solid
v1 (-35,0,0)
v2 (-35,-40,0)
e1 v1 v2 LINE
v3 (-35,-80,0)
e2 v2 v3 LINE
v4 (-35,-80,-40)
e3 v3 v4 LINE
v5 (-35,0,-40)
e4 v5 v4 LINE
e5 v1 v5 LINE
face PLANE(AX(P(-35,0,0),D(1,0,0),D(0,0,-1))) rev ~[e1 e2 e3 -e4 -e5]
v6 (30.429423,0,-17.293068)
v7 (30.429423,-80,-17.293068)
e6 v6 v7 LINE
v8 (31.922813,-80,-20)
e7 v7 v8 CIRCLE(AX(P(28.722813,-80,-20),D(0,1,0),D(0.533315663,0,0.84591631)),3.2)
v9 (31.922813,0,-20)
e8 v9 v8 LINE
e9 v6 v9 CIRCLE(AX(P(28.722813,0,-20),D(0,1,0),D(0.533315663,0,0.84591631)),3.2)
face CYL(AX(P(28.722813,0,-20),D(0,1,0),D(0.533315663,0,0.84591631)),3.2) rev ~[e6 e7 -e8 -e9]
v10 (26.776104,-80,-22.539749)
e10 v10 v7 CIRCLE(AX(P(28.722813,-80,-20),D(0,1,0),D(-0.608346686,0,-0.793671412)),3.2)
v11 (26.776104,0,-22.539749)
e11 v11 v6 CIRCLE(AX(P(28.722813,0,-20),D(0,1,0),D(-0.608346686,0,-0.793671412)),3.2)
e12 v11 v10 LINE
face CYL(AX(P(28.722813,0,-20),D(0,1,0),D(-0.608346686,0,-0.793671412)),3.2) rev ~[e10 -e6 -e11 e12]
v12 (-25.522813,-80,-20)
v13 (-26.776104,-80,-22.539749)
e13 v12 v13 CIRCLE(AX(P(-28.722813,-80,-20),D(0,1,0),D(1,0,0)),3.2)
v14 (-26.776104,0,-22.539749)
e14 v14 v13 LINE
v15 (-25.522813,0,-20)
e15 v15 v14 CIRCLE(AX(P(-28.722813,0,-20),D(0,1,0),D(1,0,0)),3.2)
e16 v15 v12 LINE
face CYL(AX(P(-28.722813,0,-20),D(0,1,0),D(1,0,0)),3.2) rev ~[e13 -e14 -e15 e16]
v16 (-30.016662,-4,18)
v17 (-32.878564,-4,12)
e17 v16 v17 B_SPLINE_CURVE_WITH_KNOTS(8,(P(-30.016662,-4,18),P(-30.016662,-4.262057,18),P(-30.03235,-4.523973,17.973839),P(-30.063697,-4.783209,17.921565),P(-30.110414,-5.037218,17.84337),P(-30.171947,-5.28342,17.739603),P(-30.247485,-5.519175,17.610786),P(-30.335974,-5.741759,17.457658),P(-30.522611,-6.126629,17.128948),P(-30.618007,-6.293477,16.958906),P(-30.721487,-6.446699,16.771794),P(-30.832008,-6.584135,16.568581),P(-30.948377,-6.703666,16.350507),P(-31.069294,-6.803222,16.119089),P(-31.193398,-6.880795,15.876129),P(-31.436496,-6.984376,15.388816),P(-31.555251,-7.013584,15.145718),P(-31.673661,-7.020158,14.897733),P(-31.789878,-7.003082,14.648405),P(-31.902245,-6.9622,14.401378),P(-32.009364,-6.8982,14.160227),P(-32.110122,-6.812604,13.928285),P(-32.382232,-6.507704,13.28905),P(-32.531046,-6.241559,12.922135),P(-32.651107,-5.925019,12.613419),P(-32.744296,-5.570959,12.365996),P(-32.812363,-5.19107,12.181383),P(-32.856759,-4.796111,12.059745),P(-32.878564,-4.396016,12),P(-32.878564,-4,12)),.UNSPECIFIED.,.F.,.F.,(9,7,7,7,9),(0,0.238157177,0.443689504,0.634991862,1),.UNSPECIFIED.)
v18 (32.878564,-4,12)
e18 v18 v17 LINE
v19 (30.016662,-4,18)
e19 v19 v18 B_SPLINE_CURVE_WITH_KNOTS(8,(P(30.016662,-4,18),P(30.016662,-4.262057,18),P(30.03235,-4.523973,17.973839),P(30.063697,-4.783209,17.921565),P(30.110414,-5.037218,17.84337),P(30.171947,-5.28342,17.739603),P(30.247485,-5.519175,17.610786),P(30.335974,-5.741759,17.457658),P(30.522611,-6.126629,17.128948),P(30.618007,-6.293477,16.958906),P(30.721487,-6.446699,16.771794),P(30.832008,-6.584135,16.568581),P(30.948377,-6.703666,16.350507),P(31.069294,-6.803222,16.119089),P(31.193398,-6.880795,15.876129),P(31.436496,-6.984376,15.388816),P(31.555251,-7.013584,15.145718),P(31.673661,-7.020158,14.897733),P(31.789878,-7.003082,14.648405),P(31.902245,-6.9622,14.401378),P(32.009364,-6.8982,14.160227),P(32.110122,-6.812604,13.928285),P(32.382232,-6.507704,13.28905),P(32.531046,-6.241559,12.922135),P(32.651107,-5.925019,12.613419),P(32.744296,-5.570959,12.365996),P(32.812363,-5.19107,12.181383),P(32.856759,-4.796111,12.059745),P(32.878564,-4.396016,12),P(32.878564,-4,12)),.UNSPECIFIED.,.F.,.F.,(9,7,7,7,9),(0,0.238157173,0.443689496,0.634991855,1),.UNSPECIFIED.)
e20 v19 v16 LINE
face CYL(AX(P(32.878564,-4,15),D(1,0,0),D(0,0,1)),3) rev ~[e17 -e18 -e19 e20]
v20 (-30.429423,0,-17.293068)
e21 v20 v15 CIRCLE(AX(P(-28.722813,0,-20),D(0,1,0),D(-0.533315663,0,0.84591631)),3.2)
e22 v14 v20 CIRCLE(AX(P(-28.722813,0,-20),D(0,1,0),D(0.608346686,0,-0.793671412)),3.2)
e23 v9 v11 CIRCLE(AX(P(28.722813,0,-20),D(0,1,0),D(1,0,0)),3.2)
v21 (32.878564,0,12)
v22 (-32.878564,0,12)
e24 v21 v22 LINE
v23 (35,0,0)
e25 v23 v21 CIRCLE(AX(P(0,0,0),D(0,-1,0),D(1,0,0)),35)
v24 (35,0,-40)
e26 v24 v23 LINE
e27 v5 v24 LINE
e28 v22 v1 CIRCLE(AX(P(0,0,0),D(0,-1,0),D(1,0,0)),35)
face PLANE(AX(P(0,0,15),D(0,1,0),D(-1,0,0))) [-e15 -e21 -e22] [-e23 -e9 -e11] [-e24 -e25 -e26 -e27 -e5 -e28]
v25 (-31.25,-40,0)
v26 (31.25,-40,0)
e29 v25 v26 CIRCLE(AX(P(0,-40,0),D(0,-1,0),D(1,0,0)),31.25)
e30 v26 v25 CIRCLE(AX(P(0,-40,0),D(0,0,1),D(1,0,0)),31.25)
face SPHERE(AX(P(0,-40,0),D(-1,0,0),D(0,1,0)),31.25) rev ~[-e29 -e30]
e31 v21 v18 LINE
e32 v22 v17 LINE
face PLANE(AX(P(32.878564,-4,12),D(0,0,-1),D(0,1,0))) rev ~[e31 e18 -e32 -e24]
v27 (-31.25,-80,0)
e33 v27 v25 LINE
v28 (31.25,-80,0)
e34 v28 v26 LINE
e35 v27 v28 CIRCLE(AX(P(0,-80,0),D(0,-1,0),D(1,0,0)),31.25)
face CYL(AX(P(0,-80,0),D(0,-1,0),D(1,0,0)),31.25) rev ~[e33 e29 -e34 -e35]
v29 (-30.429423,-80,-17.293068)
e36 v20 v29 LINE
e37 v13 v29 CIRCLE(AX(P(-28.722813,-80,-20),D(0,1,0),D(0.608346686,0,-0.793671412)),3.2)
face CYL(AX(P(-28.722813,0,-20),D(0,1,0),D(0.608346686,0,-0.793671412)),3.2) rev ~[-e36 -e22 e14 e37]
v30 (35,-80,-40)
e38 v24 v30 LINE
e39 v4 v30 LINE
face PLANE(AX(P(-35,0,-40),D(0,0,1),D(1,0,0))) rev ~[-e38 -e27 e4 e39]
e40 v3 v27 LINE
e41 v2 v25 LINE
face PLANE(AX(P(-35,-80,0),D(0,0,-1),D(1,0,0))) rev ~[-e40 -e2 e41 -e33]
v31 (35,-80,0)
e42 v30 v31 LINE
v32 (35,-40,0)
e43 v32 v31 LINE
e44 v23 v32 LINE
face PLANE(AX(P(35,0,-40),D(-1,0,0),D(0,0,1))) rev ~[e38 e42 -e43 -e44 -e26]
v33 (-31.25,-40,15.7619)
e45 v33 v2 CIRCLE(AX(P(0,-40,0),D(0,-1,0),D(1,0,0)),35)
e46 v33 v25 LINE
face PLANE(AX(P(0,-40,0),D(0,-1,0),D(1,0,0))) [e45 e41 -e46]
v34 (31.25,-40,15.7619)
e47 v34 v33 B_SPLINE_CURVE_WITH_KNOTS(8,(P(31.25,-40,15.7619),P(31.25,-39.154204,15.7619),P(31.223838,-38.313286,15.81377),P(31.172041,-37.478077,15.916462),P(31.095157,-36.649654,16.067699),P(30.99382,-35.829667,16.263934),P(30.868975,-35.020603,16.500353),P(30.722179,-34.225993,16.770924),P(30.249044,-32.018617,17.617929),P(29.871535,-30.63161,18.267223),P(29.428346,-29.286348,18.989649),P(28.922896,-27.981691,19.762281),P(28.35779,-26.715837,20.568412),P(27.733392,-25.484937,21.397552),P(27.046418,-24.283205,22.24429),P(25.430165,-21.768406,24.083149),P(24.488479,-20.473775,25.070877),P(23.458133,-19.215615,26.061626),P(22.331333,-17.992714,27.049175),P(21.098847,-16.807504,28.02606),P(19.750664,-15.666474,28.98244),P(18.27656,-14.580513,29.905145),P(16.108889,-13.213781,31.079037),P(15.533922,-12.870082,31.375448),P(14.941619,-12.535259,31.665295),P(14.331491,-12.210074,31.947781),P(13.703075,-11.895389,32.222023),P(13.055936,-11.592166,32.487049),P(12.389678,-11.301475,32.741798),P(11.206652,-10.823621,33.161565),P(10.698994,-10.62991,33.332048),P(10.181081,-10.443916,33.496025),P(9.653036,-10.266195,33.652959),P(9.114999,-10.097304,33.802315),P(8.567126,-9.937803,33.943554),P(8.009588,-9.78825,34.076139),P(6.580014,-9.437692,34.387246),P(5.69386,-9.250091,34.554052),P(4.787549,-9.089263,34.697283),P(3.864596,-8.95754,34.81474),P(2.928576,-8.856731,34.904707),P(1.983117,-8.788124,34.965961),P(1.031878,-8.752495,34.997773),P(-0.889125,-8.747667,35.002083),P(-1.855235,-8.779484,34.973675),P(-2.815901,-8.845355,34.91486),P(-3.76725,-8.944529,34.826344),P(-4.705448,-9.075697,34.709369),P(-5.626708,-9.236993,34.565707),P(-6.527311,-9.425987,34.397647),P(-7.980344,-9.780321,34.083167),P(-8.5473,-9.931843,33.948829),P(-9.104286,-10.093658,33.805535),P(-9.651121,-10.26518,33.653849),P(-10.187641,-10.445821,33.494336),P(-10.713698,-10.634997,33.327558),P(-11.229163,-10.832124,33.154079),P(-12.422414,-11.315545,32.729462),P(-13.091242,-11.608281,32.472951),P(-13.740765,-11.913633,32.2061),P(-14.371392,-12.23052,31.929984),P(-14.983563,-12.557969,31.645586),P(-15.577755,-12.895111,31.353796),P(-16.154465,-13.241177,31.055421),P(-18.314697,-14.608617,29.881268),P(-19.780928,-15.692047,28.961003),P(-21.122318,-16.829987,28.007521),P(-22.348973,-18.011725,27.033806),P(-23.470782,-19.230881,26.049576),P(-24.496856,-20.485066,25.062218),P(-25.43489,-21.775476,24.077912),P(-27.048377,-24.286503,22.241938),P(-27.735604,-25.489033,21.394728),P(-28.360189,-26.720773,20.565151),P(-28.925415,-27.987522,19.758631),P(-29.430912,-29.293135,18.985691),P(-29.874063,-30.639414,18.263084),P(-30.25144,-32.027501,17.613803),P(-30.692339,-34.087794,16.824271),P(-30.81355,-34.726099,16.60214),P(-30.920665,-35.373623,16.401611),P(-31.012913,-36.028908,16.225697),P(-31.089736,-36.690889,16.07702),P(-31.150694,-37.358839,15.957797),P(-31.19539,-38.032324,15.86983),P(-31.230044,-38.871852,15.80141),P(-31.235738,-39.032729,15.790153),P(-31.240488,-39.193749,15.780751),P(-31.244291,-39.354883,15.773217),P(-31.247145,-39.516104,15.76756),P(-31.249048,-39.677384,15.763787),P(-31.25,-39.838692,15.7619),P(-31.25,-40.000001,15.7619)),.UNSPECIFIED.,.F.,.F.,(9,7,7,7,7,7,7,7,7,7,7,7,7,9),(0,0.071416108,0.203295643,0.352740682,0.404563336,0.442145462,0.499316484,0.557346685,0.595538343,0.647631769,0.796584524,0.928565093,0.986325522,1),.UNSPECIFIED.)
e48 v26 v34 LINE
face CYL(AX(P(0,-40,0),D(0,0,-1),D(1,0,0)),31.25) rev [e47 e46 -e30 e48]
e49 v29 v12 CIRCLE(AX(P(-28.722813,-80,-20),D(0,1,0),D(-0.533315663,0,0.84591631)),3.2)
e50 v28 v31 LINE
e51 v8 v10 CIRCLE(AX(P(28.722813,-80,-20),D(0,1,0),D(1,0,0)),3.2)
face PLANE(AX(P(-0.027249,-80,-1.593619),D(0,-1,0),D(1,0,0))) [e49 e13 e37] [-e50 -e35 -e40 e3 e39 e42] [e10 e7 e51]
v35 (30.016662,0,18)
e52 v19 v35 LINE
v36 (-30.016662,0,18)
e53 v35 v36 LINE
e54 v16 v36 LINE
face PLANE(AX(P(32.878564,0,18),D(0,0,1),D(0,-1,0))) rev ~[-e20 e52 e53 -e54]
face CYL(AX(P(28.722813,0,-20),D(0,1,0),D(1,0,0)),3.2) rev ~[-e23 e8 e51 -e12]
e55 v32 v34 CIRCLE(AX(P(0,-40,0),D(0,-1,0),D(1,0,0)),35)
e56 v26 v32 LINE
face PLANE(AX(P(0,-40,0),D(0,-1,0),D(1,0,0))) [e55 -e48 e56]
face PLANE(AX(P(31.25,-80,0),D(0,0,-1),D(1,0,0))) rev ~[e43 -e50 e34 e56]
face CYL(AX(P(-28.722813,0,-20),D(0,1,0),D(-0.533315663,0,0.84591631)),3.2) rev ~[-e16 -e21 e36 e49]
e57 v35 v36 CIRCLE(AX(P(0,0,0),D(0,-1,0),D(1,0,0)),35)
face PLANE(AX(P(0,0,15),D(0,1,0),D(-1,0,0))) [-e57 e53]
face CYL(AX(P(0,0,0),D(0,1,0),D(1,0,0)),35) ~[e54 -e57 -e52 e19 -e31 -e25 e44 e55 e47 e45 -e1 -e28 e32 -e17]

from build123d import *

# Parameters (mm, degrees)
F1_DEPTH  = 80
F3_DEPTH  = 40
F5_R      = 31.25
F6_DEPTH  = 50.2
F7_ANGLE  = 90
F9_DEPTH  = 4
F10_DEPTH = 4
F12_DEPTH = 67.8795645455


with BuildPart() as f1:
    # F0 (on Front) → F1 (new body)
    with BuildSketch(Plane.XZ):
        with BuildLine():
            ThreePointArc((30.4294233557, -17.2930678088), (33.8380689272, -8.9434384481), (35, 0))
            ThreePointArc((35, 0), (0, 35), (-35, 0))
            ThreePointArc((-35, 0), (-33.8380689272, -8.9434384481), (-30.4294233557, -17.2930678088))
            ThreePointArc((-30.4294233557, -17.2930678088), (-27.1770371159, -17.1981120299), (-25.5228132327, -20))
            ThreePointArc((-25.5228132327, -20), (-25.8531904298, -21.4160737865), (-26.7761038382, -22.5397485178))
            ThreePointArc((-26.7761038382, -22.5397485178), (0, -35), (26.7761038382, -22.5397485178))
            ThreePointArc((26.7761038382, -22.5397485178), (26.0967274514, -18.1714285714), (30.4294233557, -17.2930678088))
        make_face()
        with BuildLine():
            Line((35, -40), (35, 0))
            ThreePointArc((35, 0), (33.8380689272, -8.9434384481), (30.4294233557, -17.2930678088))
            ThreePointArc((30.4294233557, -17.2930678088), (31.5247012028, -18.4542238832), (31.9228132327, -20))
            ThreePointArc((31.9228132327, -20), (30.1388870192, -22.8696228029), (26.7761038382, -22.5397485178))
            ThreePointArc((26.7761038382, -22.5397485178), (0, -35), (-26.7761038382, -22.5397485178))
            ThreePointArc((-26.7761038382, -22.5397485178), (-31.348899014, -21.8285714286), (-30.4294233557, -17.2930678088))
            ThreePointArc((-30.4294233557, -17.2930678088), (-33.8380689272, -8.9434384481), (-35, 0))
            Line((-35, 0), (-35, -40))
            Line((-35, -40), (35, -40))
        make_face()
    extrude(amount=F1_DEPTH)

    # F2 (on face) → F3 (cut)
    with BuildSketch(Plane.XZ.offset(80)):
        with BuildLine():
            ThreePointArc((-31.25, 0), (0, -31.25), (31.25, 0))
            ThreePointArc((31.25, 0), (0, 31.25), (-31.25, 0))
        make_face()
        with BuildLine():
            ThreePointArc((-31.25, 0), (0, 31.25), (31.25, 0))
            Line((31.25, 0), (35, 0))
            ThreePointArc((35, 0), (0, 35), (-35, 0))
            Line((-35, 0), (-31.25, 0))
        make_face()
    extrude(amount=-F3_DEPTH, mode=Mode.SUBTRACT)

    # F5 (on offset) → F6 (cut)
    with BuildSketch(Plane.XY):
        with Locations((0, -40)):
            Circle(F5_R)
    extrude(amount=F6_DEPTH, mode=Mode.SUBTRACT)

    # F6_face (on face) → F7 (revolve, cut)
    with BuildSketch(Plane(origin=(0, -26.7370880757, 0), x_dir=(1, 0, 0), z_dir=(0, 0, 1))):
        with BuildLine():
            Line((-31.25, -13.2629119243), (31.25, -13.2629119243))
            ThreePointArc((31.25, -13.2629119243), (0, 17.9870880757), (-31.25, -13.2629119243))
        make_face()
    revolve(axis=Axis((0, -40, 0), (-1, 0, 0)), revolution_arc=F7_ANGLE, mode=Mode.SUBTRACT)

    # F8 (on face) → F9 (cut)
    with BuildSketch(Plane(origin=(0, 0, 0), x_dir=(-1, 0, 0), z_dir=(0, 1, 0))):
        Polygon((-32.8785644455, 18), (-32.8785644455, 12), (0, 12), (32.8785644455, 12), (32.8785644455, 18), align=None)
    extrude(amount=-F9_DEPTH, mode=Mode.SUBTRACT)

    # F8 (on face) → F10 (join)
    with BuildSketch(Plane(origin=(0, 0, 0), x_dir=(-1, 0, 0), z_dir=(0, 1, 0))):
        Polygon((-32.8785644455, 18), (-32.8785644455, 12), (0, 12), (32.8785644455, 12), (32.8785644455, 18), align=None)
    extrude(amount=-F10_DEPTH)

    # F11 (on face) → F12 (cut, through all)
    with BuildSketch(Plane.YZ.offset(32.8785644455)):
        with BuildLine():
            ThreePointArc((-4, 18), (-7, 15), (-4, 12))
            Line((-4, 12), (0, 12))
            Line((0, 12), (0, 18))
            Line((0, 18), (-4, 18))
        make_face()
    extrude(amount=-F12_DEPTH, mode=Mode.SUBTRACT)


solid = f1.part
